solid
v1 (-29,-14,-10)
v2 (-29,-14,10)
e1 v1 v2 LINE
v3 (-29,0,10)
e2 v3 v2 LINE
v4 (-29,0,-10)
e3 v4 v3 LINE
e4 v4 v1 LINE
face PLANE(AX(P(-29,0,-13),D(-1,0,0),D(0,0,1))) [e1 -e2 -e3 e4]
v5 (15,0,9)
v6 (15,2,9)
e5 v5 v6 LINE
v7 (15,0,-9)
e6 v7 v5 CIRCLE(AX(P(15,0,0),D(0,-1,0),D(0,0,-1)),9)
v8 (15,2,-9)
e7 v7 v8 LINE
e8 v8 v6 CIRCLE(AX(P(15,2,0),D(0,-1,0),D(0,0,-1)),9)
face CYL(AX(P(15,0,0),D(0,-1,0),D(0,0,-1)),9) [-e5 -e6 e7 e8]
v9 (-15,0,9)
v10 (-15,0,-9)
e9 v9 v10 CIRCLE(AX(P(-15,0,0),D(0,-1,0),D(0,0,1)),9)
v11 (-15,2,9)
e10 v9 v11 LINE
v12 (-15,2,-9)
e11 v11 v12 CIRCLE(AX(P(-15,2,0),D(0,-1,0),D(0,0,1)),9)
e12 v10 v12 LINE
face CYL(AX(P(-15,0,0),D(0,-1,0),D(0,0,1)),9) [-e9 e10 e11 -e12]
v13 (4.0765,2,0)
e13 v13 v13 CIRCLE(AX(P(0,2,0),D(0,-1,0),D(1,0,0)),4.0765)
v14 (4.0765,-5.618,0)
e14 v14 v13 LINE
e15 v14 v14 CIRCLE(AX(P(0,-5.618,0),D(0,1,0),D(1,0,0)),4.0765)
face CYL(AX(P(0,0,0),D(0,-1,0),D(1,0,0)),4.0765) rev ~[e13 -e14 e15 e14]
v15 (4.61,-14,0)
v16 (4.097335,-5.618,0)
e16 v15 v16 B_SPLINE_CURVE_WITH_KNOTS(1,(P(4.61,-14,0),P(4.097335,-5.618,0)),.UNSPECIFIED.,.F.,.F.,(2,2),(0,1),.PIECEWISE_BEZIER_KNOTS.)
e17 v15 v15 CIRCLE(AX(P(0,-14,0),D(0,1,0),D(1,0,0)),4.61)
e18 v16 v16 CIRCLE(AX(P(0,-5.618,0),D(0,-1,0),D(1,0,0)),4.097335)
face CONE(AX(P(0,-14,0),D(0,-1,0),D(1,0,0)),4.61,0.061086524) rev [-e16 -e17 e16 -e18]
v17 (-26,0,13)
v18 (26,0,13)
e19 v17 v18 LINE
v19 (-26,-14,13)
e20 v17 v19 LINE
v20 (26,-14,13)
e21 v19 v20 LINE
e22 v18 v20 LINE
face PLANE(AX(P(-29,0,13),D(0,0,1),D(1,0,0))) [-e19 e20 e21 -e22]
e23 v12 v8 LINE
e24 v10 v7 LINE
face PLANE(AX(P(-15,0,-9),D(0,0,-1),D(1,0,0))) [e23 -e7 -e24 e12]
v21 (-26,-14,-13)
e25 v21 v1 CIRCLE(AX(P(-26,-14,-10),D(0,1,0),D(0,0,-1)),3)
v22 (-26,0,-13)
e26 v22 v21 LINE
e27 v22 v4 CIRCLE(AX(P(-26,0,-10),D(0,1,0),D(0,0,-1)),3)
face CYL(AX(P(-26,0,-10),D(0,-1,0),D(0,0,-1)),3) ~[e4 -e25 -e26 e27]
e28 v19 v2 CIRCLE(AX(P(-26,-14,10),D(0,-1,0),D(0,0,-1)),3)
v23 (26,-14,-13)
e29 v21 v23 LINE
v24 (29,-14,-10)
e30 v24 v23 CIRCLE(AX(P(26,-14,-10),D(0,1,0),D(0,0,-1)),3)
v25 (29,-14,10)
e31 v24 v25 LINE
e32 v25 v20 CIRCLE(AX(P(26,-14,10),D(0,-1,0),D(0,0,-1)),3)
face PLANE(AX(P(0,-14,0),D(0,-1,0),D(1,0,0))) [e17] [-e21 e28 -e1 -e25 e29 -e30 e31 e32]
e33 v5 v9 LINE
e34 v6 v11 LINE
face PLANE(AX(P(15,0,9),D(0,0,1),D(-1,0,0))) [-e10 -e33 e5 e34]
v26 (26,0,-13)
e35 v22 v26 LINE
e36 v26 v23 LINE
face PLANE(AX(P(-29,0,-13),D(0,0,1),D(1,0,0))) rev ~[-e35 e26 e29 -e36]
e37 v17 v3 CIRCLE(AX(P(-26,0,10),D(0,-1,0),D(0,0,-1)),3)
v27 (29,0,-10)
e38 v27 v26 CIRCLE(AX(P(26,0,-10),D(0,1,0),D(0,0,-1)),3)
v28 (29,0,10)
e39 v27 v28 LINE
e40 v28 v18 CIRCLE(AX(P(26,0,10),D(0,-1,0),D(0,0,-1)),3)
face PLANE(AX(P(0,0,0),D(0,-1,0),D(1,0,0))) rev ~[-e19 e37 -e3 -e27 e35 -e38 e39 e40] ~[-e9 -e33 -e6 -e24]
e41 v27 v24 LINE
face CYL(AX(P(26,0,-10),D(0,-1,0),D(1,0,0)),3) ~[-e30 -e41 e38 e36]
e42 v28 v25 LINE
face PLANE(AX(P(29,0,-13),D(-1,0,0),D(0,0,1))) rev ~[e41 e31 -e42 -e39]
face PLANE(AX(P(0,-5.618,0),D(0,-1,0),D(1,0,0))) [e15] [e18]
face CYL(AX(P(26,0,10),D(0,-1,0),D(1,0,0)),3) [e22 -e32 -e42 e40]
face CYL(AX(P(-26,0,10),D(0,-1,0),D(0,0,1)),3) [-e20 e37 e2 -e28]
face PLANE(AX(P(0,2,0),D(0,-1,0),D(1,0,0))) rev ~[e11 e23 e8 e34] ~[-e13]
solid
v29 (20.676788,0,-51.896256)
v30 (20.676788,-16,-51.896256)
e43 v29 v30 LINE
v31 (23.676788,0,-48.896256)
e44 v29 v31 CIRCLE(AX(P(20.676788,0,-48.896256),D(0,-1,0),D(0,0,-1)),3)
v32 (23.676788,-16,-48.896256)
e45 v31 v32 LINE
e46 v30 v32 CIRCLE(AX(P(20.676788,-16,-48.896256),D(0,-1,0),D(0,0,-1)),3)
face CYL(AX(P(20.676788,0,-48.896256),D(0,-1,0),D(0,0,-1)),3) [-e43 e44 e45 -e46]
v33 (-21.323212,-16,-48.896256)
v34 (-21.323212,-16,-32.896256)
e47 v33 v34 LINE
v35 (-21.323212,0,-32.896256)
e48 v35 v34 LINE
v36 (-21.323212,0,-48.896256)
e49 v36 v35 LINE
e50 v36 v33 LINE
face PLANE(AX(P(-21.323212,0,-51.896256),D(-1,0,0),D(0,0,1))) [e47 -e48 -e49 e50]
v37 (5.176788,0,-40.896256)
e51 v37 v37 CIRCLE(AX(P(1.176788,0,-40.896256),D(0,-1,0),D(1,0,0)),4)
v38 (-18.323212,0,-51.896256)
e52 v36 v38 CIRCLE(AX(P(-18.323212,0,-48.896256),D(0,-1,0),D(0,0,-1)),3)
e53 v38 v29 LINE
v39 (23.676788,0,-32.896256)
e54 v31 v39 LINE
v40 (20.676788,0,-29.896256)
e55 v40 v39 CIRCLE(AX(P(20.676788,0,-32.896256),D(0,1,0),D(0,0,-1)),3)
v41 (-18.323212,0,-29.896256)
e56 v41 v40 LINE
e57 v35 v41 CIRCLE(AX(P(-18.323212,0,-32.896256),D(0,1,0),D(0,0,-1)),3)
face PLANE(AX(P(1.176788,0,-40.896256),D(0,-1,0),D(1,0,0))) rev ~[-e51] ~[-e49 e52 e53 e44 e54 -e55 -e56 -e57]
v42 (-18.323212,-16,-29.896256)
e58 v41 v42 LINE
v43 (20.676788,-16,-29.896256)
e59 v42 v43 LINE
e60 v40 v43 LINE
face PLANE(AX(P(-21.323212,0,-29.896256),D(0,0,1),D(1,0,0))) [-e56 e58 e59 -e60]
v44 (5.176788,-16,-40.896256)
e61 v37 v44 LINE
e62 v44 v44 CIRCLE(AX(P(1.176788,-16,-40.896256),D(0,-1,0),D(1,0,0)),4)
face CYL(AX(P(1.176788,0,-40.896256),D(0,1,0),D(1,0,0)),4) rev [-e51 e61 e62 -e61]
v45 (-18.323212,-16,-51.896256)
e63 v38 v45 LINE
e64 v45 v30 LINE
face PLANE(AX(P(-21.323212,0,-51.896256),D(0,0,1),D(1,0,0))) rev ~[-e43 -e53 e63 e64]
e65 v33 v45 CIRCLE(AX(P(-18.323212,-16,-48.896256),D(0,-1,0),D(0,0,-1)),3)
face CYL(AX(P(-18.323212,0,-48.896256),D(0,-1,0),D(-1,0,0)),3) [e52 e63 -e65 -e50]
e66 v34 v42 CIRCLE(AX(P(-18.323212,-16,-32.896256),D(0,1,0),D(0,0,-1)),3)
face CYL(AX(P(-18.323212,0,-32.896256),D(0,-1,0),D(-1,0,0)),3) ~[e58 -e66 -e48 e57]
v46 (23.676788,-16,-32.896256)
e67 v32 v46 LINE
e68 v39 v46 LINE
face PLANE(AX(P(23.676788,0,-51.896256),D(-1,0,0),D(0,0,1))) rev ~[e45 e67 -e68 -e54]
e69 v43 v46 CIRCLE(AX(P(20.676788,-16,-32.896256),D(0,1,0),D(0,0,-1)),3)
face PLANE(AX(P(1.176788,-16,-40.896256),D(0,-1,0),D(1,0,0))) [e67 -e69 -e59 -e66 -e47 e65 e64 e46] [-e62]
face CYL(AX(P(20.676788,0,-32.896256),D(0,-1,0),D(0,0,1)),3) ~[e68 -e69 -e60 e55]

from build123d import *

# Parameters (mm, degrees)
F0_W     = 58
F0_H     = 26
F0_R     = 4.0765
F1_DEPTH = 14
F2_DEPTH = 2
F3_R     = 4.61
F3_R_2   = 4.0765
F4_DEPTH = 8.382
F4_TAPER = 3.5
F5_R     = 3
F6_W     = 45
F6_H     = 22
F6_R     = 4
F7_DEPTH = 16
F8_R     = 3


with BuildPart() as f1:
    # F0 (on Front) → F1 (new body)
    with BuildSketch(Plane.XZ):
        Rectangle(F0_W, F0_H)
        with BuildLine():
            ThreePointArc((-15, -9), (-24, 0), (-15, 9))
            Line((-15, 9), (15, 9))
            ThreePointArc((15, 9), (24, 0), (15, -9))
            Line((15, -9), (-15, -9))
        make_face(mode=Mode.SUBTRACT)
        with BuildLine():
            Line((15, 9), (-15, 9))
            ThreePointArc((-15, 9), (-24, 0), (-15, -9))
            Line((-15, -9), (15, -9))
            ThreePointArc((15, -9), (24, 0), (15, 9))
        make_face()
        Circle(F0_R, mode=Mode.SUBTRACT)
    extrude(amount=F1_DEPTH)

    # F0 (on Front) → F2 (join)
    with BuildSketch(Plane.XZ):
        with BuildLine():
            Line((15, 9), (-15, 9))
            ThreePointArc((-15, 9), (-24, 0), (-15, -9))
            Line((-15, -9), (15, -9))
            ThreePointArc((15, -9), (24, 0), (15, 9))
        make_face()
        Circle(F0_R, mode=Mode.SUBTRACT)
    extrude(amount=-F2_DEPTH)

    # F3 (on face) → F4 (cut)
    with BuildSketch(Plane.XZ.offset(14)):
        Circle(F3_R)
        Circle(F3_R_2, mode=Mode.SUBTRACT)
        Circle(F3_R_2)
    extrude(amount=-F4_DEPTH, taper=F4_TAPER, mode=Mode.SUBTRACT)

    # F5
    f5_edges = [f1.edges().sort_by_distance(p)[0] for p in [
        (29, -7, 13),
        (29, -7, -13),
        (-29, -7, 13),
        (-29, -7, -13),
    ]]
    fillet(f5_edges, radius=F5_R)


with BuildPart() as f7:
    # F6 (on Front) → F7 (new body)
    with BuildSketch(Plane.XZ):
        with Locations((1.1767878896, -40.8962557654)):
            Rectangle(F6_W, F6_H)
        with Locations((1.1767878896, -40.8962557654)):
            Circle(F6_R, mode=Mode.SUBTRACT)
    extrude(amount=F7_DEPTH)

    # F8
    f8_edges = [f7.edges().sort_by_distance(p)[0] for p in [
        (23.676788, -8, -29.896256),
        (23.676788, -8, -51.896256),
        (-21.323212, -8, -29.896256),
        (-21.323212, -8, -51.896256),
    ]]
    fillet(f8_edges, radius=F8_R)


solid = Compound([f1.part, f7.part])
